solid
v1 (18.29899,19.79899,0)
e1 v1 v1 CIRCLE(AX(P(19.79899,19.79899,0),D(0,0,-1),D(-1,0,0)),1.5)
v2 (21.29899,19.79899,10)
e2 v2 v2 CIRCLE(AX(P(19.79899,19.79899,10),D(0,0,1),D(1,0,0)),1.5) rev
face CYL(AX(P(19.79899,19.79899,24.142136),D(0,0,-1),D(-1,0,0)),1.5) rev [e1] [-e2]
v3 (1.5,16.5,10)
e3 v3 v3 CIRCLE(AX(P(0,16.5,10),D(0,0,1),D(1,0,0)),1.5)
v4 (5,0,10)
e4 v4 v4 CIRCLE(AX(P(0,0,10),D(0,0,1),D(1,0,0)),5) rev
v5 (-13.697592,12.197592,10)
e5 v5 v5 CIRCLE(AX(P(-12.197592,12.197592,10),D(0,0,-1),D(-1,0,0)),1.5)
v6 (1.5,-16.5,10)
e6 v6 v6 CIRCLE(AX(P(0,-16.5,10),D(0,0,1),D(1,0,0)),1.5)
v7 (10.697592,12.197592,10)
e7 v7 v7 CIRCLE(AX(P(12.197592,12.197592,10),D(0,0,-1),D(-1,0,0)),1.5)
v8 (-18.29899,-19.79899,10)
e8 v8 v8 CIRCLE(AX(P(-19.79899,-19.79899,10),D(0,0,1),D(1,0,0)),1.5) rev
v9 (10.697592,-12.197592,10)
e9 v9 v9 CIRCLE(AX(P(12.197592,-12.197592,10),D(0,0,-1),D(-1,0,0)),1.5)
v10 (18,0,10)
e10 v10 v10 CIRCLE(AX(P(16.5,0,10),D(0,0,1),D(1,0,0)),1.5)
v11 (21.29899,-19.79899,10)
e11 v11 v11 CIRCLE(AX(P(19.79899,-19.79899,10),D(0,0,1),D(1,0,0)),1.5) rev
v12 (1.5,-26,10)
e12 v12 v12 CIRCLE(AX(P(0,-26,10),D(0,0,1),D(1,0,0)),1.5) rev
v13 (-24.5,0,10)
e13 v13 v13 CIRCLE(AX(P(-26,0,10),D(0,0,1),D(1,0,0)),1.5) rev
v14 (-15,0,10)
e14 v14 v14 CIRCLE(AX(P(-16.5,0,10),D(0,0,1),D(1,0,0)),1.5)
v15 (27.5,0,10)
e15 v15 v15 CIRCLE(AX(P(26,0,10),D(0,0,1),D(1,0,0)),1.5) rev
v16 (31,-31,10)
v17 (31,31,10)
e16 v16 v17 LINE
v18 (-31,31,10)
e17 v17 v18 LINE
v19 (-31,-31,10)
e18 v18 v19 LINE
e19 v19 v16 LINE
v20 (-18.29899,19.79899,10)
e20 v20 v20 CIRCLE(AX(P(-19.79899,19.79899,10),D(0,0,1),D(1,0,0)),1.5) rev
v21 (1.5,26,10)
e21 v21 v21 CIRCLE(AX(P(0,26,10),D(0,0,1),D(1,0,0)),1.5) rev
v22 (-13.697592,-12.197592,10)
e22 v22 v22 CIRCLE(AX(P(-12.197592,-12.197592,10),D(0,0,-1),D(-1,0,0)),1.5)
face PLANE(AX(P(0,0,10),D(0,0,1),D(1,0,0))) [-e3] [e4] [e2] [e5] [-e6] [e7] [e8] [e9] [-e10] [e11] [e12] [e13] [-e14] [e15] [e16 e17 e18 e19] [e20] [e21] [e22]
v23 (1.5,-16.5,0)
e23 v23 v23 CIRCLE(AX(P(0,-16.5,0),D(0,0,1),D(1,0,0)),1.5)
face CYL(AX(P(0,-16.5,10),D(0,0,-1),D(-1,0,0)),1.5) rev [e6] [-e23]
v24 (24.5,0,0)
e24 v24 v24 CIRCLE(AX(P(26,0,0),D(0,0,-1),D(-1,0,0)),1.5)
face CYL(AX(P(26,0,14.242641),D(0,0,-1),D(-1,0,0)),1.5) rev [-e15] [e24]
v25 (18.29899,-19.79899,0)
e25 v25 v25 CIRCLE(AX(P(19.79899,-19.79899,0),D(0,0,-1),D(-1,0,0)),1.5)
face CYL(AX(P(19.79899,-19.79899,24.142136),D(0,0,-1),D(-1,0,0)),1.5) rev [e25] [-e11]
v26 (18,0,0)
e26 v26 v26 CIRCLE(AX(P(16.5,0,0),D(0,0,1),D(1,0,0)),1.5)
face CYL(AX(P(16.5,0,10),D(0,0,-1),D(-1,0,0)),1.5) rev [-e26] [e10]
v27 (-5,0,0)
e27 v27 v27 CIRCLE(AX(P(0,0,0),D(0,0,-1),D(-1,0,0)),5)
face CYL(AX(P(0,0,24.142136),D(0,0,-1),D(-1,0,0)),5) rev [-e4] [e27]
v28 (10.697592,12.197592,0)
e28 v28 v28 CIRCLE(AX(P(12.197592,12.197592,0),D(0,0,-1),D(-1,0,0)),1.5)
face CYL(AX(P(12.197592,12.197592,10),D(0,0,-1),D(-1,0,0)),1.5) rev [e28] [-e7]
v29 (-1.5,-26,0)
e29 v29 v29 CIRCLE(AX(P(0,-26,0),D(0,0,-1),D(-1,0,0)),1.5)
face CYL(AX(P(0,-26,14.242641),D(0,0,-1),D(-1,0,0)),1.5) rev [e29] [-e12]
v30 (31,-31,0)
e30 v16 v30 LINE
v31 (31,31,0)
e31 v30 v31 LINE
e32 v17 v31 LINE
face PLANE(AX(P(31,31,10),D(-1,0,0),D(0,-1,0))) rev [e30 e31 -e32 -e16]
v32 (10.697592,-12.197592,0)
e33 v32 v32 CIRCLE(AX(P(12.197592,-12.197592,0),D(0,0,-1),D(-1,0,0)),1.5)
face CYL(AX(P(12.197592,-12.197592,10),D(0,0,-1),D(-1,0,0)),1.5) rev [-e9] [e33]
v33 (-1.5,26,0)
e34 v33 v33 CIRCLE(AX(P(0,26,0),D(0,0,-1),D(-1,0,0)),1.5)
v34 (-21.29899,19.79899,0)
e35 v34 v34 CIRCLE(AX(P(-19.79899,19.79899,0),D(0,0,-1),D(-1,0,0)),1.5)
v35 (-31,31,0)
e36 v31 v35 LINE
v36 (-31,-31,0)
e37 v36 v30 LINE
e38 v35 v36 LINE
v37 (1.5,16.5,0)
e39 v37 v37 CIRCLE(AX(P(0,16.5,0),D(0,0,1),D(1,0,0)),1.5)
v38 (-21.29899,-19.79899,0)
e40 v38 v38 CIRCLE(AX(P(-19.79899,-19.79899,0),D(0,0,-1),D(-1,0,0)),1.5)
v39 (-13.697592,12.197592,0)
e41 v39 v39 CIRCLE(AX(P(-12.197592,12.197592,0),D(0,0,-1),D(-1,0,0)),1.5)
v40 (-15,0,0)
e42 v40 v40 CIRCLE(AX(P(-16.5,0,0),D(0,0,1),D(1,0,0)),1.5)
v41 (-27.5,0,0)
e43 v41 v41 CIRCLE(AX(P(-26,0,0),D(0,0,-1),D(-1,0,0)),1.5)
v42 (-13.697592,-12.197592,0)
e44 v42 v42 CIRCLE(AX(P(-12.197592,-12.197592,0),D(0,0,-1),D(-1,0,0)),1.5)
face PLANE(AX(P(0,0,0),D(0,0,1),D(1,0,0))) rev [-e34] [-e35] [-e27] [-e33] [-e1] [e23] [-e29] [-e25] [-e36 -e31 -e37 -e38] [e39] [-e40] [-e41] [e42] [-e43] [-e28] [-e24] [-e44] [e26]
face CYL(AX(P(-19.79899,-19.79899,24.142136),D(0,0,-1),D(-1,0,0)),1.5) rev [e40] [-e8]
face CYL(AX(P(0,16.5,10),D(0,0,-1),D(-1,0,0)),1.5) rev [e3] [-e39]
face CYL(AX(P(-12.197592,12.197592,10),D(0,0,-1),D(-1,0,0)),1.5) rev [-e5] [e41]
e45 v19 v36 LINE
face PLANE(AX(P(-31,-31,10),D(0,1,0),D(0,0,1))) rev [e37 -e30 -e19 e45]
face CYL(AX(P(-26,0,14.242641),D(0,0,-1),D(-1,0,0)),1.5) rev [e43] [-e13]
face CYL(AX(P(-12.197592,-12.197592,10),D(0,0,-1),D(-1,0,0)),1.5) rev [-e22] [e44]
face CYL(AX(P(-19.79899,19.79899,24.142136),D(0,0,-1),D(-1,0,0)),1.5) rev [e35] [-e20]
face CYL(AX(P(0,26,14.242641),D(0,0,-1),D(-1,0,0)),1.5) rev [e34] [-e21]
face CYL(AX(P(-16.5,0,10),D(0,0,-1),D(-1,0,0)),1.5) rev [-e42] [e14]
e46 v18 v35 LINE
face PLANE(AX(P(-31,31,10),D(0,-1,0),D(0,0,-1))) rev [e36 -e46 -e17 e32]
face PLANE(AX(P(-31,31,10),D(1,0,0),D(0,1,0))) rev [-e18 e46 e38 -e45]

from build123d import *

# Parameters (mm, degrees)
SKETCH1_W           = 62
SKETCH1_H           = 62
SKETCH1_R           = 1.5
BOSS_EXTRUDE1_DEPTH = 10
SKETCH2_R           = 1.5
CUT_EXTRUDE1_DEPTH  = 10
SKETCH3_R           = 1.5
CUT_EXTRUDE2_DEPTH  = 10
SKETCH4_R           = 5
SKETCH4_R_2         = 1.5
CUT_EXTRUDE3_DEPTH  = 10


with BuildPart() as part:
    # Sketch1 → Boss-Extrude1 (new body)
    with BuildSketch(Plane.XY):
        Rectangle(SKETCH1_W, SKETCH1_H)
        with Locations((0, 16.5)):
            Circle(SKETCH1_R, mode=Mode.SUBTRACT)
        with Locations((16.5, 0)):
            Circle(SKETCH1_R, mode=Mode.SUBTRACT)
        with Locations((0, -16.5)):
            Circle(SKETCH1_R, mode=Mode.SUBTRACT)
        with Locations((-16.5, 0)):
            Circle(SKETCH1_R, mode=Mode.SUBTRACT)
    extrude(amount=BOSS_EXTRUDE1_DEPTH)

    # Sketch2 → Cut-Extrude1 (cut)
    with BuildSketch(Plane(origin=(0, 0, 0), x_dir=(-1, 0, 0), z_dir=(0, 0, -1))):
        with Locations((-12.197591975, 12.197591975)):
            Circle(SKETCH2_R)
        with Locations((-12.197591975, -12.197591975)):
            Circle(SKETCH2_R)
        with Locations((12.197591975, -12.197591975)):
            Circle(SKETCH2_R)
        with Locations((12.197591975, 12.197591975)):
            Circle(SKETCH2_R)
    extrude(amount=-CUT_EXTRUDE1_DEPTH, mode=Mode.SUBTRACT)

    # Sketch3 → Cut-Extrude2 (cut)
    with BuildSketch(Plane(origin=(0, 0, 0), x_dir=(-1, 0, 0), z_dir=(0, 0, -1))):
        with Locations((-26, 0)):
            Circle(SKETCH3_R)
        with Locations((0, 26)):
            Circle(SKETCH3_R)
        with Locations((26, 0)):
            Circle(SKETCH3_R)
        with Locations((0, -26)):
            Circle(SKETCH3_R)
    extrude(amount=-CUT_EXTRUDE2_DEPTH, mode=Mode.SUBTRACT)

    # Sketch4 → Cut-Extrude3 (cut)
    with BuildSketch(Plane(origin=(0, 0, 0), x_dir=(-1, 0, 0), z_dir=(0, 0, -1))):
        Circle(SKETCH4_R)
        with Locations((-19.798989873, 19.798989873)):
            Circle(SKETCH4_R_2)
        with Locations((19.798989873, 19.798989873)):
            Circle(SKETCH4_R_2)
        with Locations((19.798989873, -19.798989873)):
            Circle(SKETCH4_R_2)
        with Locations((-19.798989873, -19.798989873)):
            Circle(SKETCH4_R_2)
    extrude(amount=-CUT_EXTRUDE3_DEPTH, mode=Mode.SUBTRACT)


solid = part.part
